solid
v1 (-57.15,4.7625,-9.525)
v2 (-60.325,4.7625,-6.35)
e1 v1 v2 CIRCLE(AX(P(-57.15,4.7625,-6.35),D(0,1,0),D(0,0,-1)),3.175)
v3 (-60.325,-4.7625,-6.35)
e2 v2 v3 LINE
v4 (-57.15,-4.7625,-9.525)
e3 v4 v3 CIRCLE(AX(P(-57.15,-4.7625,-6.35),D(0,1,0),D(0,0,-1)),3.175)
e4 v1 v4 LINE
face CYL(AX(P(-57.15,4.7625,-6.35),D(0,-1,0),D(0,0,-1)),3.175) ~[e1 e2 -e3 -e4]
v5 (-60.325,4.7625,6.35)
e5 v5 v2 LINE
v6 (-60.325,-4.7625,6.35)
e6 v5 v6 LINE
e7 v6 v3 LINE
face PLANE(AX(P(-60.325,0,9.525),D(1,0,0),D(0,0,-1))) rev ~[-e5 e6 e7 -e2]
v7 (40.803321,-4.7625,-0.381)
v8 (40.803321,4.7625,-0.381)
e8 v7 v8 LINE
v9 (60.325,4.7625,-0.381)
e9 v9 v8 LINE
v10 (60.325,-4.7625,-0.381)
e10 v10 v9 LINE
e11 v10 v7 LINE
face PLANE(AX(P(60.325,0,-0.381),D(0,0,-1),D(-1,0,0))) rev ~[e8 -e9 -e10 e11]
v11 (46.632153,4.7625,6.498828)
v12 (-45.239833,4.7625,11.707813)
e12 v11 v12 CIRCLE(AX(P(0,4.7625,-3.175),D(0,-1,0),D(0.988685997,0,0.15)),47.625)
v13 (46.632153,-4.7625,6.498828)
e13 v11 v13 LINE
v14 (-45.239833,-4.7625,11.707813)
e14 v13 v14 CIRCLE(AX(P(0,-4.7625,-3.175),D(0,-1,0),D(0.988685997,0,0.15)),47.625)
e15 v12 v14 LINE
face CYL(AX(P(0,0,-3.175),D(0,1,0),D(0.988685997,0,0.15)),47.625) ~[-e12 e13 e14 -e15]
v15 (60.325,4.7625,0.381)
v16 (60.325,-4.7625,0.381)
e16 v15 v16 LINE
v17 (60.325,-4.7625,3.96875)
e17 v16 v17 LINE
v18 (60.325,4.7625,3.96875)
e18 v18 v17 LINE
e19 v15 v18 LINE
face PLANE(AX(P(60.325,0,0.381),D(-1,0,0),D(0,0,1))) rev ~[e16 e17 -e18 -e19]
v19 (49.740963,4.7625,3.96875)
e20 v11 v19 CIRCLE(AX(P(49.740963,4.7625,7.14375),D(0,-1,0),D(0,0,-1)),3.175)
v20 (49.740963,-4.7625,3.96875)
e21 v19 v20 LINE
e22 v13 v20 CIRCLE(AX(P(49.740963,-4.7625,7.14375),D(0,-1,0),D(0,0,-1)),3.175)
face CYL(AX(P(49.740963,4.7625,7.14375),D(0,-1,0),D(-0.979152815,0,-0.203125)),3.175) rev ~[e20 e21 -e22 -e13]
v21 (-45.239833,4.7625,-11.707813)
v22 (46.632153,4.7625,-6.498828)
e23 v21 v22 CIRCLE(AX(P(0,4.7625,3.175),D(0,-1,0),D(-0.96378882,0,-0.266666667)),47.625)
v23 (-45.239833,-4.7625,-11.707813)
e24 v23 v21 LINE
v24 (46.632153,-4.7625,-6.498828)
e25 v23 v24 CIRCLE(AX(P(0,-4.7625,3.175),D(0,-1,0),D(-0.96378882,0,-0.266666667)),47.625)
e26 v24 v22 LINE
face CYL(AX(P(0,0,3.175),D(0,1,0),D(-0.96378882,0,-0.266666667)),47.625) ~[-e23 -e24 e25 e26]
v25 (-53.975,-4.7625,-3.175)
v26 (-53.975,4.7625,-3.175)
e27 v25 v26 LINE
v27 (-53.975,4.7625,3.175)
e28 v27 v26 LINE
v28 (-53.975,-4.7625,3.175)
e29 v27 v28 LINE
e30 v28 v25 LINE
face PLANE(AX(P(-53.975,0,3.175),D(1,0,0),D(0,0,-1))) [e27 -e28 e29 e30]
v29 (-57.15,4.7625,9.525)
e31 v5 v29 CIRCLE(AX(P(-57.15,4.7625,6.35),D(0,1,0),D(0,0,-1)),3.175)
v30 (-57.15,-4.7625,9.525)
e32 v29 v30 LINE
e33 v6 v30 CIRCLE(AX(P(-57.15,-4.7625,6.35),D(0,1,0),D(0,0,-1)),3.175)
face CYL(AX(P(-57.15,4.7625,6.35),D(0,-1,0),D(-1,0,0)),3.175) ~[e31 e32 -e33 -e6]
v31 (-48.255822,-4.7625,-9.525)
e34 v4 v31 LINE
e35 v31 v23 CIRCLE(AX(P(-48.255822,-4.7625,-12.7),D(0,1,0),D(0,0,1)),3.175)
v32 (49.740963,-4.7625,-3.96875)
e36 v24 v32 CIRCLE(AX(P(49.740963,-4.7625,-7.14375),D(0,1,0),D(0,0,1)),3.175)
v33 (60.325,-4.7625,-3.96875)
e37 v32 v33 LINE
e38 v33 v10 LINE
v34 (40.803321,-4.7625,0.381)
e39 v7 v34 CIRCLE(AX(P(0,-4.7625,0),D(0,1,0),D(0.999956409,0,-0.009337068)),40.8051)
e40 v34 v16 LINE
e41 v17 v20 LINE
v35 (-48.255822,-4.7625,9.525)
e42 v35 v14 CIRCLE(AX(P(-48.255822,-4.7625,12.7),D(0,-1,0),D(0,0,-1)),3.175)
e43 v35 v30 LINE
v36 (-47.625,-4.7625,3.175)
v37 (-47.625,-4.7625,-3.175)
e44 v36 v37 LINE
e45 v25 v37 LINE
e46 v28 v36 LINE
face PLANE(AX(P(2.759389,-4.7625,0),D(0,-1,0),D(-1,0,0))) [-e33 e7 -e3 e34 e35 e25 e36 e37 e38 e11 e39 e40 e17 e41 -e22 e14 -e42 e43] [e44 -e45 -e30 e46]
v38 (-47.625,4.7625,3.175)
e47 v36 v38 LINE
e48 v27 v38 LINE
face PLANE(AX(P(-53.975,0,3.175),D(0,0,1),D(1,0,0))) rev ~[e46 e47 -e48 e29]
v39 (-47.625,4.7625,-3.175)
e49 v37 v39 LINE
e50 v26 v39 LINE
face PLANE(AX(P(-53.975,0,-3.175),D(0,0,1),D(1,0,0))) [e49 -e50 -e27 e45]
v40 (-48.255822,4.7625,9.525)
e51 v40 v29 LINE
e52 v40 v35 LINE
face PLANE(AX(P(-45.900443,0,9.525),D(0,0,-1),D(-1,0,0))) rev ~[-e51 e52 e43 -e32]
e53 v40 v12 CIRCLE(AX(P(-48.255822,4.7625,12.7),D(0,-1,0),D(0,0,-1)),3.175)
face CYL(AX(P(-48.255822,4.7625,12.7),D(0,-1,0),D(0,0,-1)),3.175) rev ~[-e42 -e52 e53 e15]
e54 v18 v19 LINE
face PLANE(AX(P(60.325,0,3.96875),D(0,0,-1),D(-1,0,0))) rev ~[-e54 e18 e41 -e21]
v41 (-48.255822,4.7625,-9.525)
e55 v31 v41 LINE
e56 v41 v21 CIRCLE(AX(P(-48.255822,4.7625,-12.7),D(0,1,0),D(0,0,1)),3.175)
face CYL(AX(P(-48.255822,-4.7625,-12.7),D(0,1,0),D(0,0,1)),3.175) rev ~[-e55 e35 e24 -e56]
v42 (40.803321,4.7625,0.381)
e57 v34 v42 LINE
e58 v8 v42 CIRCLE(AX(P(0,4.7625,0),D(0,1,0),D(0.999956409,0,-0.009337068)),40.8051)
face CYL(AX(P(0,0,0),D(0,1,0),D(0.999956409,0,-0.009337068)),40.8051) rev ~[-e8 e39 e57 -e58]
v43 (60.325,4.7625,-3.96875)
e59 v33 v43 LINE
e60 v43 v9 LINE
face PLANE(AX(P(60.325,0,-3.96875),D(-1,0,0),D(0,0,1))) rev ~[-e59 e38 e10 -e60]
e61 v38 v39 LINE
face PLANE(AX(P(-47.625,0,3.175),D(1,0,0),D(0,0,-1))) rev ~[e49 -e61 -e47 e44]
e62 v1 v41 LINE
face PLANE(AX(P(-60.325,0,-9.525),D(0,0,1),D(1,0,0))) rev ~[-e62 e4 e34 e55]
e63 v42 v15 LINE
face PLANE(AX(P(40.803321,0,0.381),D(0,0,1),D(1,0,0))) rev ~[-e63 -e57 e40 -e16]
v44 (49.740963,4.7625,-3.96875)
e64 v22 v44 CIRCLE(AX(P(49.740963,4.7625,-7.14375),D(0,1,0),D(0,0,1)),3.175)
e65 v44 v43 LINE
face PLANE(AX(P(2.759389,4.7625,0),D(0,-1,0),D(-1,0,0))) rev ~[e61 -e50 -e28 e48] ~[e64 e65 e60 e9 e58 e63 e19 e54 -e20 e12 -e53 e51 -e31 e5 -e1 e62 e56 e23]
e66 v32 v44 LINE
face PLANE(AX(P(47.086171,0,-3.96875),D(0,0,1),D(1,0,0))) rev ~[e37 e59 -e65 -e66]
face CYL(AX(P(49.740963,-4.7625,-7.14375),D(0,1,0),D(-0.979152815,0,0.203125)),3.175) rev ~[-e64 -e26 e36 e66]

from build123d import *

# Parameters (mm, degrees)
SKETCH1_W           = 6.35
SKETCH1_H           = 6.35
BOSS_EXTRUDE1_DEPTH = 4.7625
FILLET1_R           = 3.175


with BuildPart() as part:
    # Sketch1 → Boss-Extrude1 (new body, symmetric)
    with BuildSketch(Plane(origin=(0, 0, 0), x_dir=(1, 0, 0), z_dir=(0, 1, 0))):
        with BuildLine():
            Line((40.80332125, -0.381), (60.325, -0.381))
            Line((60.325, -0.381), (60.325, -3.96875))
            Line((60.325, -3.96875), (47.086170591, -3.96875))
            ThreePointArc((47.086170591, -3.96875), (2.8406806, -44.365205708), (-45.900442536, -9.525))
            Line((-45.900442536, -9.525), (-60.325, -9.525))
            Line((-60.325, -9.525), (-60.325, 9.525))
            Line((-60.325, 9.525), (-45.900442536, 9.525))
            ThreePointArc((-45.900442536, 9.525), (2.8406806, 44.365205708), (47.086170591, 3.96875))
            Line((47.086170591, 3.96875), (60.325, 3.96875))
            Line((60.325, 3.96875), (60.325, 0.381))
            Line((60.325, 0.381), (40.80332125, 0.381))
            ThreePointArc((40.80332125, 0.381), (-40.8051, 0), (40.80332125, -0.381))
        make_face()
        with Locations((-50.8, 0)):
            Rectangle(SKETCH1_W, SKETCH1_H, mode=Mode.SUBTRACT)
    extrude(amount=BOSS_EXTRUDE1_DEPTH, both=True)

    # Fillet1
    fillet1_edges = [part.edges().sort_by_distance(p)[0] for p in [
        (-45.900442536, 0, 9.525),
        (-60.325, 0, 9.525),
        (-60.325, 0, -9.525),
        (-45.900442536, 0, -9.525),
        (47.086170591, 0, -3.96875),
        (47.086170591, 0, 3.96875),
    ]]
    fillet(fillet1_edges, radius=FILLET1_R)


solid = part.part
